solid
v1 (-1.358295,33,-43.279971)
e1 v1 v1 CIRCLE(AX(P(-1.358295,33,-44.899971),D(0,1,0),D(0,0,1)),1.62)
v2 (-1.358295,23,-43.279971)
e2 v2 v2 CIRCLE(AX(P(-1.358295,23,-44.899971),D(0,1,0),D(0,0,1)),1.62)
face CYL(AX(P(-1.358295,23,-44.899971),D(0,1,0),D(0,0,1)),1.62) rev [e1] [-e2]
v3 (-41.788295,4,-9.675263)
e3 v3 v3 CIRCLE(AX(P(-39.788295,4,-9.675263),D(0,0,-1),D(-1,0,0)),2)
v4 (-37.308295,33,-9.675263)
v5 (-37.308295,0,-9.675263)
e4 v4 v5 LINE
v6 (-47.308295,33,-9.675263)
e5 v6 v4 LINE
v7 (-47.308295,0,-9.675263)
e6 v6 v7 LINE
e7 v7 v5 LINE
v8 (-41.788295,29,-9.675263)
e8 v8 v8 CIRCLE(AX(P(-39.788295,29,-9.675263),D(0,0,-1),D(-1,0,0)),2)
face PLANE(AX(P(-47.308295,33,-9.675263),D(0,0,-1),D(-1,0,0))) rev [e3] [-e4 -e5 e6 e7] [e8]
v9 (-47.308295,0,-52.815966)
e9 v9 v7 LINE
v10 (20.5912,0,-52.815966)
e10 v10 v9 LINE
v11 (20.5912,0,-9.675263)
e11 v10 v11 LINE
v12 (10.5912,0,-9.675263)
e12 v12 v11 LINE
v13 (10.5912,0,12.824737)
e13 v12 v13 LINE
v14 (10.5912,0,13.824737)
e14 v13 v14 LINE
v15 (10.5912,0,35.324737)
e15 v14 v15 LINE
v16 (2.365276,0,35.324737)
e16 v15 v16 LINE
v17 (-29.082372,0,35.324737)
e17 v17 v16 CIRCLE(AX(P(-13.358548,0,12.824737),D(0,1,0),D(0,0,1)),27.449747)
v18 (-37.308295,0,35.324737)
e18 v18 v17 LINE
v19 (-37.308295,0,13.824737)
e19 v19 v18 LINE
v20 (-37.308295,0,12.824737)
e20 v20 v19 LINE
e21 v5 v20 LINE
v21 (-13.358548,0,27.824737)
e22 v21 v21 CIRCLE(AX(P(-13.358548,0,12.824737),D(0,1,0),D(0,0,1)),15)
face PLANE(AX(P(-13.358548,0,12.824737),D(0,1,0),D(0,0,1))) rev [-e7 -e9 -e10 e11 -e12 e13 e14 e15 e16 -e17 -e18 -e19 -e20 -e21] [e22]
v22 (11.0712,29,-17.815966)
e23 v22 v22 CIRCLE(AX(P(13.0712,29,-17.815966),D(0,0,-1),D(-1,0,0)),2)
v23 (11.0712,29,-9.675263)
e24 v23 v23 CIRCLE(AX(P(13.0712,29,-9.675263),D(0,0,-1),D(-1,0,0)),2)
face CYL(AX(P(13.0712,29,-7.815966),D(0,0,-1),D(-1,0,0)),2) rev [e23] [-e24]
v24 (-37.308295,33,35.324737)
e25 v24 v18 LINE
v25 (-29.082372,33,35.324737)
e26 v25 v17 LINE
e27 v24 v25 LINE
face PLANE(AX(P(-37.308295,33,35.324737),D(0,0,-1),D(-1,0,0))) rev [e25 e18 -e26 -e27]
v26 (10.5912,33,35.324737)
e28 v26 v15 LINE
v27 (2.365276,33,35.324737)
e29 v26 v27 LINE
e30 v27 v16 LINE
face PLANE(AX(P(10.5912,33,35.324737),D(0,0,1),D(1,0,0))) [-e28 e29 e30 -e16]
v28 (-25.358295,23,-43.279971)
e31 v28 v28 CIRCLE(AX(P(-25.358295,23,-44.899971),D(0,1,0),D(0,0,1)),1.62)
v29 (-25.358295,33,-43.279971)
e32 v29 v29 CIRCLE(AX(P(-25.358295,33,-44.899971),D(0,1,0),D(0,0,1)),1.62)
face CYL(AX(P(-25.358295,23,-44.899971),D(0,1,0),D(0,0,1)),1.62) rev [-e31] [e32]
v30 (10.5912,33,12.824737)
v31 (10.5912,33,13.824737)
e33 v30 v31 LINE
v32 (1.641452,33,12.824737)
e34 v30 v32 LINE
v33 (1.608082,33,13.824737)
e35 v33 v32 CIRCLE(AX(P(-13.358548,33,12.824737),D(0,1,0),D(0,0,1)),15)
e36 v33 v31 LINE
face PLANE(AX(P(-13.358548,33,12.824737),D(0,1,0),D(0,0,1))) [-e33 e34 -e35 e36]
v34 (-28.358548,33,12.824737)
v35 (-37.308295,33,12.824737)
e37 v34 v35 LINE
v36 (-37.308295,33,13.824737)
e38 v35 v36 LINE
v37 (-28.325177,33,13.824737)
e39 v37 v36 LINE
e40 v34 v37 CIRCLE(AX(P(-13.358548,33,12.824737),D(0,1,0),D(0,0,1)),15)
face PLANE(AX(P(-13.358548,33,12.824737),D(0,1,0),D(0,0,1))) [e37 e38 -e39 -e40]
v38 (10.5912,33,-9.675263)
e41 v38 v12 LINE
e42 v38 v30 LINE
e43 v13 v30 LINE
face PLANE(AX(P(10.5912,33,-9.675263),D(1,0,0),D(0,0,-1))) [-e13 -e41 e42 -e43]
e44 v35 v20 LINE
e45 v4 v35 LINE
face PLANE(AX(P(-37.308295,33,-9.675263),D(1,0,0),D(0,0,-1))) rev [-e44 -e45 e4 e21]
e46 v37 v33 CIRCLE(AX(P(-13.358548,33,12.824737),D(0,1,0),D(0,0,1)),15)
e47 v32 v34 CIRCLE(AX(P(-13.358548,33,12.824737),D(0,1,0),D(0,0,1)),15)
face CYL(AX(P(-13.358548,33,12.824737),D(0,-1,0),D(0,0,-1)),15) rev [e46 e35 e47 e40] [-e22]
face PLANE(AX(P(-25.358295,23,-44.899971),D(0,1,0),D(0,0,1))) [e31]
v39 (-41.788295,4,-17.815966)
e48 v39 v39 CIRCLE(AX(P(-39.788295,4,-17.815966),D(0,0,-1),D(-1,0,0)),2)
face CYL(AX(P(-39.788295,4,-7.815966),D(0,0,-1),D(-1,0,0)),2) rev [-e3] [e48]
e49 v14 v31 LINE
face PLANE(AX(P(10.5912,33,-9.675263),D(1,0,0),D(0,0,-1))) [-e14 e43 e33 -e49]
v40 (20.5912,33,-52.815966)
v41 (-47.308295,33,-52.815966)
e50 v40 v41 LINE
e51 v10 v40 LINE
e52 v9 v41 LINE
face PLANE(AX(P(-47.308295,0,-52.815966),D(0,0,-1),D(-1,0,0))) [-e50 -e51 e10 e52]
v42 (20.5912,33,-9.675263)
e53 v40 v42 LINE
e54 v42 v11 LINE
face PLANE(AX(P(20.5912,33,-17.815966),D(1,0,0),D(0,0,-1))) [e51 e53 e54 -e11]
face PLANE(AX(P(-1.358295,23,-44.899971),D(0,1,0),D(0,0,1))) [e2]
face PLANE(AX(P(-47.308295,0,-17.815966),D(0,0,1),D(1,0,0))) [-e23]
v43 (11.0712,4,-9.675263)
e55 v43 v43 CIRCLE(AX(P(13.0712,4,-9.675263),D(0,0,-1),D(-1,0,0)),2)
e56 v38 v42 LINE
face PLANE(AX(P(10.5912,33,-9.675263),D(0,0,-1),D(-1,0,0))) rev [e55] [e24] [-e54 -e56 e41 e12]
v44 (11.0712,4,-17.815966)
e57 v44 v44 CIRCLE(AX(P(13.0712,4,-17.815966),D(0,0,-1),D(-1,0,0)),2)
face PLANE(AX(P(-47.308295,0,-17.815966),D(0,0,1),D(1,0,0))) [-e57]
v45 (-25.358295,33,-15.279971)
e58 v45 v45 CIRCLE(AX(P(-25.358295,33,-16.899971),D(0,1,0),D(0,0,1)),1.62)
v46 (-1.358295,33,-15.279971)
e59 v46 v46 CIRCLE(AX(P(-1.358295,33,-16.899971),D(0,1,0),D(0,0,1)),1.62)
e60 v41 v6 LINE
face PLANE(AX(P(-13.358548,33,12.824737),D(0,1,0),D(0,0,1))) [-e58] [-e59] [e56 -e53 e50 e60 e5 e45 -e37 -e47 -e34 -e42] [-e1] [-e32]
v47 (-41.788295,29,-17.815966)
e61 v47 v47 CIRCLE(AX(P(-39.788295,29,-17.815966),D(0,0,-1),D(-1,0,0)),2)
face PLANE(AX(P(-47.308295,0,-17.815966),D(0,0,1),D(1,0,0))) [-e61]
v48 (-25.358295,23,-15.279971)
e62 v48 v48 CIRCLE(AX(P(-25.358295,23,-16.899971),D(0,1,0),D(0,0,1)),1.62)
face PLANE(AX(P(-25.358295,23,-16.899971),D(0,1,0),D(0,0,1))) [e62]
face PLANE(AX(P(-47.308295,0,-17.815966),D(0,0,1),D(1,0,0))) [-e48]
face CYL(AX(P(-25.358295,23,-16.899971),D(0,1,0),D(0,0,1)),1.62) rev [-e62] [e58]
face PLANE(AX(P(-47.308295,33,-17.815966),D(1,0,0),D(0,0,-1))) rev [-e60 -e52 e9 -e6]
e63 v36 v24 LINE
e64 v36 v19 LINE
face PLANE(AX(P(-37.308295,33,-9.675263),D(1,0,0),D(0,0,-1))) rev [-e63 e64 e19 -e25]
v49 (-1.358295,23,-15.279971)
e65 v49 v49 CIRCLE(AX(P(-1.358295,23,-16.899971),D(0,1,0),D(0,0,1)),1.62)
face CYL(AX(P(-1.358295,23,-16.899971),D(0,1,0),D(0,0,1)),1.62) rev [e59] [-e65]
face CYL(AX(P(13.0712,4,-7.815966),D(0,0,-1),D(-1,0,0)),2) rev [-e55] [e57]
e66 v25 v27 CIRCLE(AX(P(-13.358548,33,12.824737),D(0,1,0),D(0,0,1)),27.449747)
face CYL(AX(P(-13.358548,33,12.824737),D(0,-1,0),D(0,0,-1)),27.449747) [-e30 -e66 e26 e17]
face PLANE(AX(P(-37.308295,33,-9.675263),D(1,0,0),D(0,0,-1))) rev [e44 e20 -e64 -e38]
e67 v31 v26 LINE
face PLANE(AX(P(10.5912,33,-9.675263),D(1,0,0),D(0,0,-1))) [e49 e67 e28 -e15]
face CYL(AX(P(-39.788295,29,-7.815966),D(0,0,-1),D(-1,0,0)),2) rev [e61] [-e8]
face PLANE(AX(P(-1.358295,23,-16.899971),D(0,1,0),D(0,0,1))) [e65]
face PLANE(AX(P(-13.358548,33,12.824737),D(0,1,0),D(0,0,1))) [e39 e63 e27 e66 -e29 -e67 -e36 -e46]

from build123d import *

# Parameters (mm, degrees)
SKETCH1_R           = 15
BOSS_EXTRUDE3_DEPTH = 33
SKETCH12_R          = 2
CUT_EXTRUDE1_DEPTH  = 10
SKETCH13_W          = 67.899494937
SKETCH13_H          = 35
BOSS_EXTRUDE4_DEPTH = 33
SKETCH14_R          = 1.62
CUT_EXTRUDE2_DEPTH  = 10


with BuildPart() as part:
    # Sketch1 → Boss-Extrude3 (new body)
    with BuildSketch(Plane(origin=(0, 0, 0), x_dir=(1, 0, 0), z_dir=(0, 1, 0))):
        with BuildLine():
            Line((-47.308295415, 17.815966111), (20.591199522, 17.815966111))
            Line((20.591199522, 17.815966111), (20.591199522, 9.675262593))
            Line((20.591199522, 9.675262593), (10.591199522, 9.675262593))
            Line((10.591199522, 9.675262593), (10.591199522, -35.324737407))
            Line((10.591199522, -35.324737407), (2.365275891, -35.324737407))
            ThreePointArc((2.365275891, -35.324737407), (-13.358547947, -40.274484875), (-29.082371784, -35.324737407))
            Line((-29.082371784, -35.324737407), (-37.308295415, -35.324737407))
            Line((-37.308295415, -35.324737407), (-37.308295415, 9.675262593))
            Line((-37.308295415, 9.675262593), (-47.308295415, 9.675262593))
            Line((-47.308295415, 9.675262593), (-47.308295415, 17.815966111))
        make_face()
        with Locations(Location((-13.358547947, -12.824737407, 0), (0, 0, 270))):
            Circle(SKETCH1_R, mode=Mode.SUBTRACT)
    extrude(amount=BOSS_EXTRUDE3_DEPTH)

    # Sketch12 → Cut-Extrude1 (cut)
    with BuildSketch(Plane(origin=(0, 0, -17.815966111), x_dir=(-1, 0, 0), z_dir=(0, 0, -1))):
        with Locations((39.788295415, 4)):
            Circle(SKETCH12_R)
        with Locations((39.788295415, 29)):
            Circle(SKETCH12_R)
        with Locations((-13.071199522, 29)):
            Circle(SKETCH12_R)
        with Locations((-13.071199522, 4)):
            Circle(SKETCH12_R)
    extrude(amount=-CUT_EXTRUDE1_DEPTH, mode=Mode.SUBTRACT)

    # Sketch13 → Boss-Extrude4 (add)
    with BuildSketch(Plane(origin=(0, 33, 0), x_dir=(1, 0, 0), z_dir=(0, 1, 0))):
        with Locations((-13.358547947, 35.315966111)):
            Rectangle(SKETCH13_W, SKETCH13_H)
    extrude(amount=-BOSS_EXTRUDE4_DEPTH)

    # Sketch14 → Cut-Extrude2 (cut)
    with BuildSketch(Plane(origin=(0, 33, 0), x_dir=(1, 0, 0), z_dir=(0, 1, 0))):
        with Locations(Location((-25.358295415, 16.899970921, 0), (0, 0, 270))):
            Circle(SKETCH14_R)
        with Locations(Location((-1.358295415, 16.899970921, 0), (0, 0, 270))):
            Circle(SKETCH14_R)
        with Locations(Location((-25.358295415, 44.899970921, 0), (0, 0, 270))):
            Circle(SKETCH14_R)
        with Locations(Location((-1.358295415, 44.899970921, 0), (0, 0, 270))):
            Circle(SKETCH14_R)
    extrude(amount=-CUT_EXTRUDE2_DEPTH, mode=Mode.SUBTRACT)


solid = part.part
